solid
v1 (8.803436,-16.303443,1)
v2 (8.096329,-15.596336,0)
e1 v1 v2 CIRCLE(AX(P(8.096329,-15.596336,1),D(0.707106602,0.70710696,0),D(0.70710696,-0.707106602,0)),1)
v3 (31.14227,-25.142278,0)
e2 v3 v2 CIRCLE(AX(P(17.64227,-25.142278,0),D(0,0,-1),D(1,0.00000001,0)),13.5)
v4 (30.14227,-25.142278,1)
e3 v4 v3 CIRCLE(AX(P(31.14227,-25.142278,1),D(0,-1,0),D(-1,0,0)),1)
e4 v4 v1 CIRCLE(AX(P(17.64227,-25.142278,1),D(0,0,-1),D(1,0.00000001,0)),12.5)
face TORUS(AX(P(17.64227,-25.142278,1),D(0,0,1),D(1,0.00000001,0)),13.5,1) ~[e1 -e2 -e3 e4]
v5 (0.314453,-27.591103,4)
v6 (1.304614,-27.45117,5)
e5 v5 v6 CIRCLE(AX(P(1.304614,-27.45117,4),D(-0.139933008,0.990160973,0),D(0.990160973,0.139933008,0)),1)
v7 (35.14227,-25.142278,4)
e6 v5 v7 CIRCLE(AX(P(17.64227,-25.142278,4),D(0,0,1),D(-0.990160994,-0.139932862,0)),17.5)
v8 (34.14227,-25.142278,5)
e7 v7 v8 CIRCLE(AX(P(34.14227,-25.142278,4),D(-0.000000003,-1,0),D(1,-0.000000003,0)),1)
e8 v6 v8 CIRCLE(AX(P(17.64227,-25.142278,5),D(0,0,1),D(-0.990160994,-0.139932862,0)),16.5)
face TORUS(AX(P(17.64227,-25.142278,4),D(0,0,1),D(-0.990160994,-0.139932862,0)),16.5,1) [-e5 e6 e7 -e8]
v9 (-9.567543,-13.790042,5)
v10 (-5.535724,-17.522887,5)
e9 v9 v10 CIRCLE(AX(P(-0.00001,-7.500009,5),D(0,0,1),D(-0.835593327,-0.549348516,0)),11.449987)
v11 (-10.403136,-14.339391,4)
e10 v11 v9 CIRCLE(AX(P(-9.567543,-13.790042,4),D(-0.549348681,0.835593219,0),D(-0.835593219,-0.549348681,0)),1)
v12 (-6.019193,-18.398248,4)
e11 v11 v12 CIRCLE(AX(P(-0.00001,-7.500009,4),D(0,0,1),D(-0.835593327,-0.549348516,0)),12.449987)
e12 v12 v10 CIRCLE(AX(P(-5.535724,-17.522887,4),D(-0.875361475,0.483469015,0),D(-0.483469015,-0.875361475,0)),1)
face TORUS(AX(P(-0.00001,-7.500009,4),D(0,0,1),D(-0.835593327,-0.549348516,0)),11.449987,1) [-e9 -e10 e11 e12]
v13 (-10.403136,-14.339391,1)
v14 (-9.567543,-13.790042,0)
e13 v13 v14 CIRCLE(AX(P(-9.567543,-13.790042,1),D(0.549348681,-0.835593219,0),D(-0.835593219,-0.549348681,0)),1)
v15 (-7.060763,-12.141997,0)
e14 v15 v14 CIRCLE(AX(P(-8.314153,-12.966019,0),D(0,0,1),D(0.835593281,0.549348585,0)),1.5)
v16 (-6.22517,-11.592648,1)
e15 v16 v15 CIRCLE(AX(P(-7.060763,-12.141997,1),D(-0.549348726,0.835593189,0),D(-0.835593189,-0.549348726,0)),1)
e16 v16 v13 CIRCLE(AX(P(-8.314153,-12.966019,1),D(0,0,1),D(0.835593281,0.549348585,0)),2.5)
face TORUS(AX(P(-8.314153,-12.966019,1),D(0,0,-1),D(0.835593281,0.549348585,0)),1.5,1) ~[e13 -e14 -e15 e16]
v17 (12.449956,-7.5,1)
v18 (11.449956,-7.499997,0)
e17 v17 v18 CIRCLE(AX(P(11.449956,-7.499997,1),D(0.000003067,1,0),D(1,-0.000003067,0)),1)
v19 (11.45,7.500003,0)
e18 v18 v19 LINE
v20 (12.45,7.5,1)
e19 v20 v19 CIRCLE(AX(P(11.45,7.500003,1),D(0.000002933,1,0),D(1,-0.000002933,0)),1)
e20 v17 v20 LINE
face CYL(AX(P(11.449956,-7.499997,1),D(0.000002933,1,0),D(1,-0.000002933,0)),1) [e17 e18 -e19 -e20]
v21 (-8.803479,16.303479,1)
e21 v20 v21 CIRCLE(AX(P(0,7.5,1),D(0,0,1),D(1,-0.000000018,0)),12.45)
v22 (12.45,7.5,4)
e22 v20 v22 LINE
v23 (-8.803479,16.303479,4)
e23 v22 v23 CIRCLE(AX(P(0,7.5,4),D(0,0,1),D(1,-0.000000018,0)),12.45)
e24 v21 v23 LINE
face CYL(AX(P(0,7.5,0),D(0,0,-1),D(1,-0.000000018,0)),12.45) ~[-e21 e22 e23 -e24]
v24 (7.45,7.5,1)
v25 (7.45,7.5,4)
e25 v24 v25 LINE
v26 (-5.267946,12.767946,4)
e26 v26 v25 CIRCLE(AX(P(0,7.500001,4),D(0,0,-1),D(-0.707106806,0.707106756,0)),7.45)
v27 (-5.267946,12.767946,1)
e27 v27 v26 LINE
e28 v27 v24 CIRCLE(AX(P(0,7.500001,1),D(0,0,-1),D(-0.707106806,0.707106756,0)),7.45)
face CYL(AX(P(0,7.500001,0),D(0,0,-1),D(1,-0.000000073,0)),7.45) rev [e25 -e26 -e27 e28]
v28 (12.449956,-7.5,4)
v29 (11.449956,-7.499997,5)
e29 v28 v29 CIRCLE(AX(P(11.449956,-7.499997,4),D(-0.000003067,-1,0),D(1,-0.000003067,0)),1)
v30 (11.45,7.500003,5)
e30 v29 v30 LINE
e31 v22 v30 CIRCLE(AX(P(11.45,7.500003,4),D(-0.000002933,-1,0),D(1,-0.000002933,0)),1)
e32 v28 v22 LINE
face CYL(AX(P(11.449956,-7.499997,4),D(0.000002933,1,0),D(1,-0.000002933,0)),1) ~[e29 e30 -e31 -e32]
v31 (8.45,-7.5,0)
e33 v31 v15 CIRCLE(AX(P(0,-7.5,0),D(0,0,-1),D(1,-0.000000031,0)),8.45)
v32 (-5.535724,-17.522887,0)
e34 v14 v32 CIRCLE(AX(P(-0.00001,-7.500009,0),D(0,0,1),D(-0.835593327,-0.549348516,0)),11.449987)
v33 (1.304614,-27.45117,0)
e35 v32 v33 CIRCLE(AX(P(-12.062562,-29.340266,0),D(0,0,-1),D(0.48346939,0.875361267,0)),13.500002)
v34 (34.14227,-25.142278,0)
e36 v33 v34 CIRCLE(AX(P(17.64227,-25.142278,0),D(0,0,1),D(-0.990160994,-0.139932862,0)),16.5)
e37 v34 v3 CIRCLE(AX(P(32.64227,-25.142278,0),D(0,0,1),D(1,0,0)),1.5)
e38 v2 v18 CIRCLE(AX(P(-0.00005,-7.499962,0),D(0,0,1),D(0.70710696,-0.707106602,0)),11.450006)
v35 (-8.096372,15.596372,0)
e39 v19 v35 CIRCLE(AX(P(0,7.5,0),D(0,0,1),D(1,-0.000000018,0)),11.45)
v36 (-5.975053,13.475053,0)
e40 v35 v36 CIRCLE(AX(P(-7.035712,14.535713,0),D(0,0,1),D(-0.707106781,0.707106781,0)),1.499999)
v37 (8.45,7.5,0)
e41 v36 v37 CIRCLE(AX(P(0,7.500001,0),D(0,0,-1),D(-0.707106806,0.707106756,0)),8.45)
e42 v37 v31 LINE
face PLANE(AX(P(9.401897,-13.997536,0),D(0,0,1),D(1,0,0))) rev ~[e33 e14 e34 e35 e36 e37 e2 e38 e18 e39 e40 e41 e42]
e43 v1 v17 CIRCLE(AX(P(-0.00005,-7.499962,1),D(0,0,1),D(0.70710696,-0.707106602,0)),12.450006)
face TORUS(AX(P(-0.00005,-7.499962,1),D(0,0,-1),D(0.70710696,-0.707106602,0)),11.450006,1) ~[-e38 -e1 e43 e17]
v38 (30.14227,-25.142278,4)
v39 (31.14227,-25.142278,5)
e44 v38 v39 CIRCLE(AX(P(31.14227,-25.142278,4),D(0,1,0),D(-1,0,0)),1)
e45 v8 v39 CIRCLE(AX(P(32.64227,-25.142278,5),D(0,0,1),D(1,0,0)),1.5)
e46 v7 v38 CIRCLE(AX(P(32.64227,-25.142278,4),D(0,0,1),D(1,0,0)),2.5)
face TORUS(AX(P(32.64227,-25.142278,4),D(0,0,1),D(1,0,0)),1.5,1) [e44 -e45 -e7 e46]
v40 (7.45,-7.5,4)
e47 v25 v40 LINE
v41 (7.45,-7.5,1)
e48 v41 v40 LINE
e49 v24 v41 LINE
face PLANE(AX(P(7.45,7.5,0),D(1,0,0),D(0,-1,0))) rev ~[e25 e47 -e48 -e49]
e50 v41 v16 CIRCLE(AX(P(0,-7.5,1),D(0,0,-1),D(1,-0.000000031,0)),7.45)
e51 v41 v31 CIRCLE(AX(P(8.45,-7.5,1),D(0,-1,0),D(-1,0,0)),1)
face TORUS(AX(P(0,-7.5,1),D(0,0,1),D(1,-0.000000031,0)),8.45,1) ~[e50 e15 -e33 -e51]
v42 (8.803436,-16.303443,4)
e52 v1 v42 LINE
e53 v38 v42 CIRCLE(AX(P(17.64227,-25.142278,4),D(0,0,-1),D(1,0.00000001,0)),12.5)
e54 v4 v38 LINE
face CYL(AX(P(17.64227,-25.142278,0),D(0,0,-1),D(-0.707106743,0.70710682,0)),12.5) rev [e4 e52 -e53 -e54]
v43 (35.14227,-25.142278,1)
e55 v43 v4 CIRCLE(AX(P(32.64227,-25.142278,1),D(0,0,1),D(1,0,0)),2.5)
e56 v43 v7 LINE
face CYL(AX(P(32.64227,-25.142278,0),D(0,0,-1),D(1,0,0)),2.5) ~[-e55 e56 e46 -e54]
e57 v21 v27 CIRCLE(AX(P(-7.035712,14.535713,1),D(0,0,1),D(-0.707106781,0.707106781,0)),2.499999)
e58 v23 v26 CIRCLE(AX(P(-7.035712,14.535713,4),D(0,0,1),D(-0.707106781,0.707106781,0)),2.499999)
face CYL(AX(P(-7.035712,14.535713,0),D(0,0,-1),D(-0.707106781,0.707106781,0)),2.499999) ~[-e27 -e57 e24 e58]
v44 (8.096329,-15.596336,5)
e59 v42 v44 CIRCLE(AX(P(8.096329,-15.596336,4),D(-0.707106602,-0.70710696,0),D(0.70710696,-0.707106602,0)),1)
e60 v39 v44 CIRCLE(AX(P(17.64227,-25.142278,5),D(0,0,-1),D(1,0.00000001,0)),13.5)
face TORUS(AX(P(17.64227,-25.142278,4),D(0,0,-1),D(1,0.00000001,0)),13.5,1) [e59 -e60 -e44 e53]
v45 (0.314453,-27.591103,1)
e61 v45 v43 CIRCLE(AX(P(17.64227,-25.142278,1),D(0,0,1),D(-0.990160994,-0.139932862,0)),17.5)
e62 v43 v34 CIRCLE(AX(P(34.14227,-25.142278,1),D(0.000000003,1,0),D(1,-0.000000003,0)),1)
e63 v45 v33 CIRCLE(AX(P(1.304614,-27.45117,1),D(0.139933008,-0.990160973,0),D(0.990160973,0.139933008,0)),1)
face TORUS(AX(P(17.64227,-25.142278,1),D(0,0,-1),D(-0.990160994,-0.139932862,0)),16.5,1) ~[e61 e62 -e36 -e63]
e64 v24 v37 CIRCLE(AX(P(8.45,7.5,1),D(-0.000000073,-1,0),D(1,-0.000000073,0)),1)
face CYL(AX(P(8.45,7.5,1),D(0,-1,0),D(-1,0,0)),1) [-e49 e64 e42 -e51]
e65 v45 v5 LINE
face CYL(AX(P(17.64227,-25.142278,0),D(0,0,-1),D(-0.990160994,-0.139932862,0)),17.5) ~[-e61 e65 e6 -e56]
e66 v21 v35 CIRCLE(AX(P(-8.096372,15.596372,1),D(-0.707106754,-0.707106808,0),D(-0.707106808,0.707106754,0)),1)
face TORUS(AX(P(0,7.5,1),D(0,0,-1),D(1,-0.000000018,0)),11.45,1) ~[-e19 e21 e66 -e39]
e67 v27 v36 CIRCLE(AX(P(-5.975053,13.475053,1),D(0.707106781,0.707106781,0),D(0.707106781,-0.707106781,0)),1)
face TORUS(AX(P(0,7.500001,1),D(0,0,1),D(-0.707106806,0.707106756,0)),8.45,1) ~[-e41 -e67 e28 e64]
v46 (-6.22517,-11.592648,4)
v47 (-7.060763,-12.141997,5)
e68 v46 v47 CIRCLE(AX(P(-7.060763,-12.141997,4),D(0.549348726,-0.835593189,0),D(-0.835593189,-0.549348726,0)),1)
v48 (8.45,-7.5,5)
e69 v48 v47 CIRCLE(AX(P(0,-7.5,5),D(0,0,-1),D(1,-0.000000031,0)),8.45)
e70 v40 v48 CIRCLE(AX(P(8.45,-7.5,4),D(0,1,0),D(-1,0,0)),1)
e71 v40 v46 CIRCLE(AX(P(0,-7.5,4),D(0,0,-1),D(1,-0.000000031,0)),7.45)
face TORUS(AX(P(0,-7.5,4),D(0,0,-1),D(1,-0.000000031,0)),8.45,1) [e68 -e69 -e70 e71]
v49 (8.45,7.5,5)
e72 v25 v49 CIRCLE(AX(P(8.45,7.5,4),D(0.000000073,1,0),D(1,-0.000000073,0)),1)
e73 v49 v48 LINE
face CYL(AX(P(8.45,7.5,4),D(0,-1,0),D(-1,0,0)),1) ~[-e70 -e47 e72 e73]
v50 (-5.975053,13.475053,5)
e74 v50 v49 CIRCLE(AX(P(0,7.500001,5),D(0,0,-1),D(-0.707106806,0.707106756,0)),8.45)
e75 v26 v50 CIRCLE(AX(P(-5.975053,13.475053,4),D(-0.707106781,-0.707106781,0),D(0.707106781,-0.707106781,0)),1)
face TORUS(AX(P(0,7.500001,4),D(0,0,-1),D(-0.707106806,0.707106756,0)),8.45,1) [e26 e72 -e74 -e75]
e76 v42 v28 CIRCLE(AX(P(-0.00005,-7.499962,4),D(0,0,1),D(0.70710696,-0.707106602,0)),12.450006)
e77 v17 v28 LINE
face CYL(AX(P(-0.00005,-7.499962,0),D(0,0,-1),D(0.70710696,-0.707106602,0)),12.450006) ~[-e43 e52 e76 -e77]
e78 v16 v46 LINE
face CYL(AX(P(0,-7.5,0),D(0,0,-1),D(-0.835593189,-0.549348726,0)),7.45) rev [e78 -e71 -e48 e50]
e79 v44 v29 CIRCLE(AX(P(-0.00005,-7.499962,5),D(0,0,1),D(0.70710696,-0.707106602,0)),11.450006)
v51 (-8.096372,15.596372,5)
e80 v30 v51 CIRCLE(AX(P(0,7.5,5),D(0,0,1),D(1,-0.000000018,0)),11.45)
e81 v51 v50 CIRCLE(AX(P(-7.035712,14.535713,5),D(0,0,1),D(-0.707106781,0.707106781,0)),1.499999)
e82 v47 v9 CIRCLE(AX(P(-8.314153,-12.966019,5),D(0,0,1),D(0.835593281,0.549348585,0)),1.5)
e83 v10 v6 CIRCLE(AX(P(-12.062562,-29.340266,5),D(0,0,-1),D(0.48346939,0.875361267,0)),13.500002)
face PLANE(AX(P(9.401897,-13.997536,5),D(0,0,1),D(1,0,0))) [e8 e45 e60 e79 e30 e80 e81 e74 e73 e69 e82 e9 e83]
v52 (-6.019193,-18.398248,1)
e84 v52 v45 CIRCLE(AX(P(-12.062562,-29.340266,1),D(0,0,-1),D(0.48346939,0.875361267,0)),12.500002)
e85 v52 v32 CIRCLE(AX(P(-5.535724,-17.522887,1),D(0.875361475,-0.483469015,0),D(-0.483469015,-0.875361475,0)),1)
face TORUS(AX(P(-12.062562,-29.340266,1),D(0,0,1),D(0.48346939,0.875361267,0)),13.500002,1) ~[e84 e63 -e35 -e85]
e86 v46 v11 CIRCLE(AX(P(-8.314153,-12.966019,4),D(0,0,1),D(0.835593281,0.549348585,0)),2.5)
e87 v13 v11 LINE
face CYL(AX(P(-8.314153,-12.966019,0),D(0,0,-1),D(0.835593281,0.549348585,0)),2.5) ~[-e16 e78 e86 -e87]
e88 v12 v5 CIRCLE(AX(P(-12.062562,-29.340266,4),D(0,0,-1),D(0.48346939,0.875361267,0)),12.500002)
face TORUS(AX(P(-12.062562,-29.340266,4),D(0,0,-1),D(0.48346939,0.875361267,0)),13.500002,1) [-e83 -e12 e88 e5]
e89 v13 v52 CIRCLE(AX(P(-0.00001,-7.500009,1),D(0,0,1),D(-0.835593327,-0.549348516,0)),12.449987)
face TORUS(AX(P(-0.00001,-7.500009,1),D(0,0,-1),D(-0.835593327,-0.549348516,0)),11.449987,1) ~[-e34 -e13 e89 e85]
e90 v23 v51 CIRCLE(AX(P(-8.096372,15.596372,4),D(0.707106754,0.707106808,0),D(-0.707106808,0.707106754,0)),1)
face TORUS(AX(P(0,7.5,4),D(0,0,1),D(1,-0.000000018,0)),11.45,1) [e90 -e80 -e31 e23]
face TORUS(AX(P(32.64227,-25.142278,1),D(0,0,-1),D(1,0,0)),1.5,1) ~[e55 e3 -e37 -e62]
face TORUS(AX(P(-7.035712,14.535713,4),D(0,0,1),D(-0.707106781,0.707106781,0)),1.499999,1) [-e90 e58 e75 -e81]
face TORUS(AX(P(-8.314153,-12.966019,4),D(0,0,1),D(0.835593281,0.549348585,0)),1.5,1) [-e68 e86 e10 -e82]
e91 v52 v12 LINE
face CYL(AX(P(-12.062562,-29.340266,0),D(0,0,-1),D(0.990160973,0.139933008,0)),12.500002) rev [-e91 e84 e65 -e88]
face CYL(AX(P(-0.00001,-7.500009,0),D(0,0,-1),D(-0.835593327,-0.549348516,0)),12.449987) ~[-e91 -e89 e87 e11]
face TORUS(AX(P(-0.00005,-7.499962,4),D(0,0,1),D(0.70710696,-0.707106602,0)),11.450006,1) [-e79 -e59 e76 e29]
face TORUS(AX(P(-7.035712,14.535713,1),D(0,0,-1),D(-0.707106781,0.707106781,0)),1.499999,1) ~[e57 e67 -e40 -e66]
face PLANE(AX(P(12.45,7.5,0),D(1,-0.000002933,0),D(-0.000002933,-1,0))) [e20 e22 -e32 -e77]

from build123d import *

# Parameters (mm, degrees)
PAD_DEPTH = 5
FILLET_R  = 1


with BuildPart() as part:
    # Sketch → Pad (new body)
    with BuildSketch(Plane.XY):
        with BuildLine():
            ThreePointArc((12.45, 7.5), (4.764409, 19.0023), (-8.803479, 16.303479))
            ThreePointArc((-8.803479, 16.303479), (-8.803479, 12.767946), (-5.267946, 12.767946))
            ThreePointArc((7.45, 7.5), (2.850992, 14.382903), (-5.267946, 12.767946))
            Line((7.45, 7.5), (7.45, -7.5))
            ThreePointArc((-6.22517, -11.592648), (2.135999, -14.637227), (7.45, -7.5))
            ThreePointArc((-6.22517, -11.592648), (-9.687524, -10.877036), (-10.403136, -14.339391))
            ThreePointArc((-10.403136, -14.339391), (-8.458239, -16.635683), (-6.019193, -18.398248))
            ThreePointArc((0.314453, -27.591103), (-1.769128, -22.248349), (-6.019193, -18.398248))
            ThreePointArc((0.314453, -27.591103), (18.869706, -42.599179), (35.14227, -25.142278))
            ThreePointArc((35.14227, -25.142278), (32.64227, -22.642278), (30.14227, -25.142278))
            ThreePointArc((8.803436, -16.303443), (12.858727, -36.690772), (30.14227, -25.142278))
            ThreePointArc((8.803436, -16.303443), (11.502249, -12.264389), (12.449956, -7.5))
            Line((12.45, 7.5), (12.449956, -7.5))
        make_face()
    extrude(amount=PAD_DEPTH)

    # Fillet
    fillet_edges = [part.edges().sort_by_distance(p)[0] for p in [
        (8.803436, -16.303443, 2.5),
        (12.449956, -7.5, 2.5),
        (11.502249, -12.264389, 0),
        (11.502249, -12.264389, 5),
        (12.45, 7.5, 2.5),
        (12.449978, 0, 0),
        (12.449978, 0, 5),
        (-8.803479, 16.303479, 2.5),
        (4.764409, 19.0023, 0),
        (4.764409, 19.0023, 5),
        (-5.267946, 12.767946, 2.5),
        (-8.803479, 12.767946, 0),
        (-8.803479, 12.767946, 5),
        (7.45, 7.5, 2.5),
        (2.850992, 14.382903, 0),
        (2.850992, 14.382903, 5),
        (7.45, -7.5, 2.5),
        (7.45, 0, 0),
        (7.45, 0, 5),
        (-6.22517, -11.592648, 2.5),
        (2.135999, -14.637227, 0),
        (2.135999, -14.637227, 5),
        (-10.403136, -14.339391, 2.5),
        (-9.687524, -10.877036, 0),
        (-9.687524, -10.877036, 5),
        (-6.019193, -18.398248, 2.5),
        (-8.458239, -16.635683, 0),
        (-8.458239, -16.635683, 5),
        (0.314453, -27.591103, 2.5),
        (-1.769128, -22.248349, 0),
        (-1.769128, -22.248349, 5),
        (35.14227, -25.142278, 2.5),
        (18.869706, -42.599179, 0),
        (18.869706, -42.599179, 5),
        (30.14227, -25.142278, 2.5),
        (32.64227, -22.642278, 0),
        (32.64227, -22.642278, 5),
        (12.858727, -36.690772, 0),
        (12.858727, -36.690772, 5),
    ]]
    fillet(fillet_edges, radius=FILLET_R)


solid = part.part
